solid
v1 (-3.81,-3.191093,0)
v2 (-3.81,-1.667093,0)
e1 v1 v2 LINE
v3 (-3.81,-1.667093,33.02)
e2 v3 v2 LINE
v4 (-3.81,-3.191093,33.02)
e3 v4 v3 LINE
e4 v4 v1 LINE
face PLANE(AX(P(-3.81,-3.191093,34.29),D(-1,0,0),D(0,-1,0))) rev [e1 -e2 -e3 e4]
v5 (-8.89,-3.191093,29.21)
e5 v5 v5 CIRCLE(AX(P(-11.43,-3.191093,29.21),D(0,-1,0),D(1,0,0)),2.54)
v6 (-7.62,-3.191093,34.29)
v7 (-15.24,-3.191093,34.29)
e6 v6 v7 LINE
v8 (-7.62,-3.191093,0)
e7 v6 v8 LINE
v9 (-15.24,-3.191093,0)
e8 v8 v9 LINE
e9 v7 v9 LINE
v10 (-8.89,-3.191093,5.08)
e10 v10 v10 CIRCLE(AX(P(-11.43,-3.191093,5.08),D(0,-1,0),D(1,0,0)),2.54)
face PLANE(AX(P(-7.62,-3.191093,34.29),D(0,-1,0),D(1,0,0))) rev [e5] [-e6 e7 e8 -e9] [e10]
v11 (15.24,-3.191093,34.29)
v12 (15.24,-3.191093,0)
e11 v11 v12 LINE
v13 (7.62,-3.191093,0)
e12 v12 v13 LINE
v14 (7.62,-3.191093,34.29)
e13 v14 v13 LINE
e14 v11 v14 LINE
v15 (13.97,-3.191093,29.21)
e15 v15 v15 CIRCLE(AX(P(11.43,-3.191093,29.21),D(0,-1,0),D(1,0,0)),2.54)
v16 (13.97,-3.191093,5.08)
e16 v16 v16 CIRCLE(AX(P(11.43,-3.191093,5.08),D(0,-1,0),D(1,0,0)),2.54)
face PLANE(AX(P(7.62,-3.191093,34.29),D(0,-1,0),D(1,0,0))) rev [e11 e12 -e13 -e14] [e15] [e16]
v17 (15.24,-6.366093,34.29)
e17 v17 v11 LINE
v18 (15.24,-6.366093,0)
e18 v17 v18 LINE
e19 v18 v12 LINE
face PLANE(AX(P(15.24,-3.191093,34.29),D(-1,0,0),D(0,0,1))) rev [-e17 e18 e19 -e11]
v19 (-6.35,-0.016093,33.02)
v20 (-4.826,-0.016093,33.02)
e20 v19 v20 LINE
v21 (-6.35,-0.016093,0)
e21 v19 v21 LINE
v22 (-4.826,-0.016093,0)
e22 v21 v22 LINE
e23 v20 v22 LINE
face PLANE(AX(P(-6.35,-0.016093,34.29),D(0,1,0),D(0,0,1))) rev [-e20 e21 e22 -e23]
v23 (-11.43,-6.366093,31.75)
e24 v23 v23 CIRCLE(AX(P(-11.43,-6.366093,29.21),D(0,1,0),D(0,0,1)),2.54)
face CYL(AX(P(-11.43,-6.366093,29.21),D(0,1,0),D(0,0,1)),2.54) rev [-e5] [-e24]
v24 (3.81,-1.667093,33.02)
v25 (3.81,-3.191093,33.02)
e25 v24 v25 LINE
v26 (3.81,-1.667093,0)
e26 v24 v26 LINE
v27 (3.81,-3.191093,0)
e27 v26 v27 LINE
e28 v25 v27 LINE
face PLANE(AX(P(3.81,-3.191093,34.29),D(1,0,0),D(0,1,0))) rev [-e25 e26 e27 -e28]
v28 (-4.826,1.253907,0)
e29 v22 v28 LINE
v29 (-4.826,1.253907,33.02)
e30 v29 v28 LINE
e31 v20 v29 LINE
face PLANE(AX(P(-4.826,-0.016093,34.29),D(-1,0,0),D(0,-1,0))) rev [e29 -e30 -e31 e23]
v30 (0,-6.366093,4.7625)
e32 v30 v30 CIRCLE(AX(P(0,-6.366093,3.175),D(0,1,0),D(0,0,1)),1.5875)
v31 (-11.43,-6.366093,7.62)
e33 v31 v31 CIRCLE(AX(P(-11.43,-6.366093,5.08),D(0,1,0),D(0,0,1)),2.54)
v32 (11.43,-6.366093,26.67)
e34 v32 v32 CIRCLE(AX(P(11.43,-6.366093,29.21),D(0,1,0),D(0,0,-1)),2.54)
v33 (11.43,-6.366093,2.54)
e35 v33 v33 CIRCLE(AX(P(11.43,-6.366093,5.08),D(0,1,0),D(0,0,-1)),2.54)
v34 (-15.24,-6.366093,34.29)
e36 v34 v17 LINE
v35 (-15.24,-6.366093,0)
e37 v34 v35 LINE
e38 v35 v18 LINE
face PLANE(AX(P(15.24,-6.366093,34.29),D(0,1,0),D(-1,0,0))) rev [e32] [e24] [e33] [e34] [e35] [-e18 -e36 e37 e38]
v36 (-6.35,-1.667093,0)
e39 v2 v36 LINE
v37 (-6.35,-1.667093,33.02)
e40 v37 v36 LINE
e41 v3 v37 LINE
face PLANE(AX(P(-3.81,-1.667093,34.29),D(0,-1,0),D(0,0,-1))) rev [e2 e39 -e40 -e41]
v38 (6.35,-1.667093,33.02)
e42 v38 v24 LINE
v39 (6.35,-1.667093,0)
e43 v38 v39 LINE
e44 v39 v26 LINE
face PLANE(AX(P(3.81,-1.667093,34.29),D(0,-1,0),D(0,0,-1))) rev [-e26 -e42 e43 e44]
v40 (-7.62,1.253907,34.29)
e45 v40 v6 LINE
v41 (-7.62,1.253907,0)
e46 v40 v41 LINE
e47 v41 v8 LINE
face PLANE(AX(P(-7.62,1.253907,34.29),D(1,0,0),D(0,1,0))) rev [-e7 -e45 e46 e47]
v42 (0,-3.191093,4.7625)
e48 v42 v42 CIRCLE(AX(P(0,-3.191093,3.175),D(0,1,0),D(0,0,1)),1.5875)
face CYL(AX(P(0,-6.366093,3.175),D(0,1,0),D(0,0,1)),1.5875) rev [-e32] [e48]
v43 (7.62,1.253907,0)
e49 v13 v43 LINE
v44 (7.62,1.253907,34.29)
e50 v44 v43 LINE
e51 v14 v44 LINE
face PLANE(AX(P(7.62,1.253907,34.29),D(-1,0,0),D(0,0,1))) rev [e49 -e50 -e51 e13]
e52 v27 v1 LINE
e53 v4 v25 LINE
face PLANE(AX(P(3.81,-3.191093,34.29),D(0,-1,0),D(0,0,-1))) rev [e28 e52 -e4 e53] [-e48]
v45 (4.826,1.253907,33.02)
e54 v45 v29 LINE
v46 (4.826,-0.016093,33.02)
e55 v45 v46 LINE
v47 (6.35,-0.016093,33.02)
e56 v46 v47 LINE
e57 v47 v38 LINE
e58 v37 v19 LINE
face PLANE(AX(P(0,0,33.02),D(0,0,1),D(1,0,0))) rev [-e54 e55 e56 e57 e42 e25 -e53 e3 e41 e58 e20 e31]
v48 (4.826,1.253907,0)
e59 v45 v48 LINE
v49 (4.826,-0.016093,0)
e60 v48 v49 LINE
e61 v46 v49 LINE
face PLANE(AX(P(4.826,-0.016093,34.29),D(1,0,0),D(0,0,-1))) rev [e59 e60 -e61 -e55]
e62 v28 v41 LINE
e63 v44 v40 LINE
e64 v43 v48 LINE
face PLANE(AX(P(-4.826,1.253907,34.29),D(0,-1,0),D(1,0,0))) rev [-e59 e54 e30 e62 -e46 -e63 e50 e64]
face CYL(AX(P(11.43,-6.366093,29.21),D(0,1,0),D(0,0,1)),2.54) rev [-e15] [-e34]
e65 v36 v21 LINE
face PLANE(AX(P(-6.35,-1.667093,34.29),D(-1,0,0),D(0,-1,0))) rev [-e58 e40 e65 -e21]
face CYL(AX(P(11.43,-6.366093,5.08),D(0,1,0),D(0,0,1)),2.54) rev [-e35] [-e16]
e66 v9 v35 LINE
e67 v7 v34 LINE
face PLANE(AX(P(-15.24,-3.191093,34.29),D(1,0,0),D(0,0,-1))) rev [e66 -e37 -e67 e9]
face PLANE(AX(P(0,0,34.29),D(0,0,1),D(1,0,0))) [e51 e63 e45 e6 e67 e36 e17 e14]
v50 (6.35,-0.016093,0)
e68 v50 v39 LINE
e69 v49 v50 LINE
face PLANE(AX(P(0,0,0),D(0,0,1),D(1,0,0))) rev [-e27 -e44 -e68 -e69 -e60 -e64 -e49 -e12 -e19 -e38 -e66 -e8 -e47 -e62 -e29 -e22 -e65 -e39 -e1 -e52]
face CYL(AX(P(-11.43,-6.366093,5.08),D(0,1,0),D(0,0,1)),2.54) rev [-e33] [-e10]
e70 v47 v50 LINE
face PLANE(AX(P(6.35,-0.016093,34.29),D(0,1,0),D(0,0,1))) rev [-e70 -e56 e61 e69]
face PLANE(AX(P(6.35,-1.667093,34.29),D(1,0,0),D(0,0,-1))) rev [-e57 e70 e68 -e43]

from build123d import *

# Parameters (mm, degrees)
BOSS_EXTRUDE1_DEPTH = 34.29
SKETCH3_W           = 15.24
SKETCH3_H           = 4.445
BOSS_EXTRUDE3_DEPTH = 1.27
SKETCH4_R           = 2.54
CUT_EXTRUDE1_DEPTH  = 7.366092844
SKETCH5_R           = 1.5875
CUT_EXTRUDE2_DEPTH  = 4.175


with BuildPart() as part:
    # Sketch1 → Boss-Extrude1 (new body)
    with BuildSketch(Plane.XY):
        Polygon((3.81, -3.191092844), (-3.81, -3.191092844), (-3.81, -1.667092844), (-6.35, -1.667092844), (-6.35, -0.016092844), (-4.826, -0.016092844), (-4.826, 1.253907156), (-7.62, 1.253907156), (-7.62, -3.191092844), (-15.24, -3.191092844), (-15.24, -6.366092844), (-8.89, -6.366092844), (8.89, -6.366092844), (15.24, -6.366092844), (15.24, -3.191092844), (7.62, -3.191092844), (7.62, 1.253907156), (4.826, 1.253907156), (4.826, -0.016092844), (6.35, -0.016092844), (6.35, -1.667092844), (3.81, -1.667092844), align=None)
    extrude(amount=BOSS_EXTRUDE1_DEPTH)

    # Sketch3 → Boss-Extrude3 (add)
    with BuildSketch(Plane.XY.offset(34.29)):
        with Locations((0, -0.968592844)):
            Rectangle(SKETCH3_W, SKETCH3_H)
    extrude(amount=-BOSS_EXTRUDE3_DEPTH)

    # Sketch4 → Cut-Extrude1 (cut, through all)
    with BuildSketch(Plane(origin=(0, 0, 0), x_dir=(1, 0, 0), z_dir=(0, 1, 0))):
        with Locations((-11.43, -5.08)):
            Circle(SKETCH4_R)
        with Locations((-11.43, -29.21)):
            Circle(SKETCH4_R)
        with Locations((11.43, -29.21)):
            Circle(SKETCH4_R)
        with Locations((11.43, -5.08)):
            Circle(SKETCH4_R)
    extrude(amount=-CUT_EXTRUDE1_DEPTH, mode=Mode.SUBTRACT)

    # Sketch5 → Cut-Extrude2 (cut, through all)
    with BuildSketch(Plane(origin=(0, -3.191092844, 0), x_dir=(1, 0, 0), z_dir=(0, 1, 0))):
        with Locations((0, -3.175)):
            Circle(SKETCH5_R)
    extrude(amount=-CUT_EXTRUDE2_DEPTH, mode=Mode.SUBTRACT)


solid = part.part
